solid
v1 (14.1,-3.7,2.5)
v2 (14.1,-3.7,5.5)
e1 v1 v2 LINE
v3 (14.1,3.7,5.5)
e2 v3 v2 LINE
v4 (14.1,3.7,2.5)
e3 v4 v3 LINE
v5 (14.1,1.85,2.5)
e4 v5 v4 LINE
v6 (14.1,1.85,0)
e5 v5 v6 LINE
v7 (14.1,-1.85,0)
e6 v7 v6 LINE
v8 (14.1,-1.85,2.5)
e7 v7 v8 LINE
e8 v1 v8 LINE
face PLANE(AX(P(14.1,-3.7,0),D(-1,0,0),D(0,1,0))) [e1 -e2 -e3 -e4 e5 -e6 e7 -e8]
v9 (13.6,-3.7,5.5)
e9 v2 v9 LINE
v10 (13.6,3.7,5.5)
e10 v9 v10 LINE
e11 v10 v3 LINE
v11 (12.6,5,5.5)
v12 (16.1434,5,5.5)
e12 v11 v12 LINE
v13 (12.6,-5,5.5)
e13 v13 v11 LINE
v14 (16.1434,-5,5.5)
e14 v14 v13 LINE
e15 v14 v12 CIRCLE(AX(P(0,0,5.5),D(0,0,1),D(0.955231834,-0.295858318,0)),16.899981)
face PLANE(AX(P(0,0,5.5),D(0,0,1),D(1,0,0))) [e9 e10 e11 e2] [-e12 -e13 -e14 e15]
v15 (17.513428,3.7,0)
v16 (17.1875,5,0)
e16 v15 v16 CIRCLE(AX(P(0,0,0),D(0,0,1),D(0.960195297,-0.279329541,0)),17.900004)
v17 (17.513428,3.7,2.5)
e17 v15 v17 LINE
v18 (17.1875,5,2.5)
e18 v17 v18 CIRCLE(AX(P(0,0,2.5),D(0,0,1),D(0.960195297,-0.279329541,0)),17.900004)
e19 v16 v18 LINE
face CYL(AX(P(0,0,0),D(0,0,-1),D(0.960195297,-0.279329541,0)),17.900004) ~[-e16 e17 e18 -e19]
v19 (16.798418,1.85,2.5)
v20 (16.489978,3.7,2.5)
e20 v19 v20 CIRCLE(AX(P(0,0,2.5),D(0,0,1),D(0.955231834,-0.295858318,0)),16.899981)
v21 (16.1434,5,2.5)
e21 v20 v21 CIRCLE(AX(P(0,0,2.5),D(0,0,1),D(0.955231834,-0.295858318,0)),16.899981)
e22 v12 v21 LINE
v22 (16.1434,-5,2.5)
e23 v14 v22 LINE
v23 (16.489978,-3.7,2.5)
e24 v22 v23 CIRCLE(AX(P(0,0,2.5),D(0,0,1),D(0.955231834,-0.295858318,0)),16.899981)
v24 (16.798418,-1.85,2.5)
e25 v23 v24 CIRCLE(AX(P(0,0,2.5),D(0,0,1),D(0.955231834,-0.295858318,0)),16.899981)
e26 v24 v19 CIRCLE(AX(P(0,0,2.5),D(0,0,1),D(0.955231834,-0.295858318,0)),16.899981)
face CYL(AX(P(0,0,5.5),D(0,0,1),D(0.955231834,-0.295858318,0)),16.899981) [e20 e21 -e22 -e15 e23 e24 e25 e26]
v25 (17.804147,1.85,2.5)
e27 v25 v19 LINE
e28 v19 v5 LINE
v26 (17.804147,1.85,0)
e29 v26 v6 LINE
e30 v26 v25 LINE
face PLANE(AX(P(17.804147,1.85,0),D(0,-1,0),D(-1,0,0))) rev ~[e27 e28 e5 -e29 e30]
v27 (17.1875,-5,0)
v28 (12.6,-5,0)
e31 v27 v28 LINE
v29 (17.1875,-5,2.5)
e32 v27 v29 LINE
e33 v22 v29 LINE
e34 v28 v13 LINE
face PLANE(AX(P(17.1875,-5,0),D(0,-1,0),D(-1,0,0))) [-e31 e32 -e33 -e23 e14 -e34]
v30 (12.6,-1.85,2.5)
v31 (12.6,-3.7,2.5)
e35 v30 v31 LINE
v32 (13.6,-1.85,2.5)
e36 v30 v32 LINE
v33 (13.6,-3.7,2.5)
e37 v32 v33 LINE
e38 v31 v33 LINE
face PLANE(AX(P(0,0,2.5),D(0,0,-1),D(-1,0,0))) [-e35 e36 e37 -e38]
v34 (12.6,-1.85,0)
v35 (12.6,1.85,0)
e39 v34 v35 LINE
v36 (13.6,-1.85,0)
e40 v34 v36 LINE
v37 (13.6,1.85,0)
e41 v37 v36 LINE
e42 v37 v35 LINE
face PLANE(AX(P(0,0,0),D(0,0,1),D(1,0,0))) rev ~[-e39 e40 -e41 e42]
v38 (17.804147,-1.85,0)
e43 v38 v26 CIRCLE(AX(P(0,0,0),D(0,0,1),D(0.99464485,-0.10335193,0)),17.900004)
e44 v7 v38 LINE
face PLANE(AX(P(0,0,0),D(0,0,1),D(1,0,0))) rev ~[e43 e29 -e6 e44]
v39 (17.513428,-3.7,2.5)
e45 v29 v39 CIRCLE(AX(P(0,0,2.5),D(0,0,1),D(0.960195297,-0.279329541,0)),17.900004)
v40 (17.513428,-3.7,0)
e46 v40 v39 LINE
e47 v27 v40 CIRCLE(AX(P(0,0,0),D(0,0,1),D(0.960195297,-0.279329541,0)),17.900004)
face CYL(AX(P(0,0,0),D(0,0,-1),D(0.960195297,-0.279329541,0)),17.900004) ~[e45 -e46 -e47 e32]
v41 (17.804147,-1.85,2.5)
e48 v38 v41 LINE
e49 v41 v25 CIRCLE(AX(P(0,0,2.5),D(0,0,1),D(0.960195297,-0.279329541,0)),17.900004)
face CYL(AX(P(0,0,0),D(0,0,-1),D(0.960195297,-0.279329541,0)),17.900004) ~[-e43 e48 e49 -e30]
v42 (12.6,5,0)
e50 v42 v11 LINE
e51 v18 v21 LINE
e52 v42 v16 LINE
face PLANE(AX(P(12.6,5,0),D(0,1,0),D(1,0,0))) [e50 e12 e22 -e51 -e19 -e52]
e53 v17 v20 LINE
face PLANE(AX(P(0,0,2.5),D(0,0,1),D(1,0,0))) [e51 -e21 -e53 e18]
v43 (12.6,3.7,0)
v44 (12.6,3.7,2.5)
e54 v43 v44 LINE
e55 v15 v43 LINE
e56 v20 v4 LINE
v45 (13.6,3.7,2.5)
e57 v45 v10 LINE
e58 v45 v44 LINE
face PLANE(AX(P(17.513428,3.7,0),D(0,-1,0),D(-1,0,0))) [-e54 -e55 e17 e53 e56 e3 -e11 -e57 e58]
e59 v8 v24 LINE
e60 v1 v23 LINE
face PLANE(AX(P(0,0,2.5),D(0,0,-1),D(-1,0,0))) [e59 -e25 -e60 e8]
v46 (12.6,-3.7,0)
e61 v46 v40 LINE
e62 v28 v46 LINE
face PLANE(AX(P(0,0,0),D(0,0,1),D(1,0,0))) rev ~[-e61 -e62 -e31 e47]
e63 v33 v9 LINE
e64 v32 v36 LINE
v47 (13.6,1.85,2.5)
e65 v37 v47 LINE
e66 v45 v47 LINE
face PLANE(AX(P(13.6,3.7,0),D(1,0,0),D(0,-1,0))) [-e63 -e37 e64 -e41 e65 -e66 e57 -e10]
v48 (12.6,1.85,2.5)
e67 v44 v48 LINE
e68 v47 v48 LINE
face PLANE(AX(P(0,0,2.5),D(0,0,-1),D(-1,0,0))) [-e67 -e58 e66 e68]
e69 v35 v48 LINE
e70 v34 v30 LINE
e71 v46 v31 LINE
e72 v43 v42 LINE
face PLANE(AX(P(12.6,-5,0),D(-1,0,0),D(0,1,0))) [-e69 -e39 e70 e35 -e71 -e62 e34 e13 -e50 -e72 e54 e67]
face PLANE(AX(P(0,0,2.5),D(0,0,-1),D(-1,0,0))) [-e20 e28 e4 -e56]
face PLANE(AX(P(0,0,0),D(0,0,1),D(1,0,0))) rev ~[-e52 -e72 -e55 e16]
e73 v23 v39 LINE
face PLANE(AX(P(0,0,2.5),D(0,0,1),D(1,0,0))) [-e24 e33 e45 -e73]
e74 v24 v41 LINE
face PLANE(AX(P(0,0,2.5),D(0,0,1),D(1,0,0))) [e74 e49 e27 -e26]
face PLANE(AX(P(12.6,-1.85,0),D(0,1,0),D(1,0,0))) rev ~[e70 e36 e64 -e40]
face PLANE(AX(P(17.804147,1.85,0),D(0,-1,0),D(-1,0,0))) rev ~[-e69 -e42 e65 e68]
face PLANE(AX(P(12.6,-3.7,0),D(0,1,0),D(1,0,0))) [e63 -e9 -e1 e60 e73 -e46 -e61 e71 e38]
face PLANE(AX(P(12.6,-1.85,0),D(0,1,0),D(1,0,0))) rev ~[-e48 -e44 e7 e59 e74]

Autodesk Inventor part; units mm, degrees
ref_plane "YZ Plane" through (0, 0, 0) normal (1, 0, 0) x (0, 1, 0)
ref_plane "XZ Plane" through (0, 0, 0) normal (0, 1, 0) x (-1, 0, 0)
ref_plane "XY Plane" through (0, 0, 0) normal (0, 0, 1) x (1, 0, 0)
sketch "スケッチ1" plane through (0, 0, 0) normal (0, 0, 1) x (1, 0, 0)
  arc A0 (17.1875, -5) -> (17.1875, 5) centre (0, 0) ccw
  line L0 (17.9, -5) -> (12.6, -5)
  line L1 (12.6, -5) -> (12.6, 5)
  line L2 (12.6, 5) -> (17.9, 5)
  line L3 (17.9, 5) -> (17.9, -5)
  point P0 (12.6, 0)
  dimension "d0" = 17.9
  dimension "d1" = 10
  dimension "d2" = 5.3
extrude "押し出し1" add sketch "スケッチ1" along normal blind 5.5 contours L0 L1 L2 A0
sketch "スケッチ2" plane through (0, 0, 0) normal (0, 0, -1) x (-1, 0, 0)
  line L0 (-12.6, 5) -> (-12.6, -5) projected
  line L1 (-12.6, -3.7) -> (-17.9, -3.7)
  line L2 (-17.9, -3.7) -> (-17.9, 3.7)
  line L3 (-17.9, 3.7) -> (-12.6, 3.7)
  line L4 (-12.6, 3.7) -> (-12.6, -3.7)
  line L5 (-12.6, 5) -> (-12.6, -5) projected
  line L6 (-12.6, -5) -> (-17.1875, -5) projected
  arc A0 (-17.1875, 5) -> (-17.1875, -5) centre (0, 0) ccw projected
  line L7 (-12.6, -1.85) -> (-17.9, -1.85)
  line L8 (-17.9, -1.85) -> (-17.9, 1.85)
  line L9 (-17.9, 1.85) -> (-12.6, 1.85)
  line L10 (-12.6, 1.85) -> (-12.6, -1.85)
  point P0 (-12.6, 0)
  point P1 (-12.6, 0)
  point P2 (-17.8041, -1.85)
  point P3 (-17.5134, -3.7)
  point P4 (-17.8041, 1.85)
  point P5 (-17.5134, 3.7)
  dimension "d5" = 1.3
  dimension "d6" = 3.7
extrude "押し出し2" cut sketch "スケッチ2" against normal blind 2.5 contours L0 L9 A0 L3 | L0 L1 A0 L7
sketch "スケッチ3" plane through (0, 0, 0) normal (0, 0, -1) x (-1, 0, 0)
  line L0 (-12.6, -3.7) -> (-17.5134, -3.7) projected
  line L1 (-17.5134, 3.7) -> (-12.6, 3.7) projected
  line L2 (-13.6, -3.7) -> (-14.1, -3.7)
  line L3 (-14.1, -3.7) -> (-14.1, 3.7)
  line L4 (-14.1, 3.7) -> (-13.6, 3.7)
  line L5 (-13.6, 3.7) -> (-13.6, -3.7)
  line L6 (-12.6, 1.85) -> (-12.6, -1.85) projected
  point P0 (0, 0)
  dimension "d9" = 0.5
  dimension "d10" = 1
extrude "押し出し3" cut sketch "スケッチ3" against normal through all
sketch "スケッチ4" plane through (0, 0, 5.5) normal (0, 0, 1) x (1, 0, 0)
  line L0 (12.6, -5) -> (17.1875, -5) projected
  arc A0 (16.1434, -5) -> (16.1434, 5) centre (0, 0) ccw
  line L1 (17.1875, 5) -> (12.6, 5) projected
  arc A1 (17.1875, -5) -> (17.1875, 5) centre (0, 0) ccw projected
  dimension "d13" = 1
extrude "押し出し4" cut sketch "スケッチ4" against normal up to surface (3 mm away)
properties part number "555_CapAccessory_2" material "アセタール樹脂、白"
